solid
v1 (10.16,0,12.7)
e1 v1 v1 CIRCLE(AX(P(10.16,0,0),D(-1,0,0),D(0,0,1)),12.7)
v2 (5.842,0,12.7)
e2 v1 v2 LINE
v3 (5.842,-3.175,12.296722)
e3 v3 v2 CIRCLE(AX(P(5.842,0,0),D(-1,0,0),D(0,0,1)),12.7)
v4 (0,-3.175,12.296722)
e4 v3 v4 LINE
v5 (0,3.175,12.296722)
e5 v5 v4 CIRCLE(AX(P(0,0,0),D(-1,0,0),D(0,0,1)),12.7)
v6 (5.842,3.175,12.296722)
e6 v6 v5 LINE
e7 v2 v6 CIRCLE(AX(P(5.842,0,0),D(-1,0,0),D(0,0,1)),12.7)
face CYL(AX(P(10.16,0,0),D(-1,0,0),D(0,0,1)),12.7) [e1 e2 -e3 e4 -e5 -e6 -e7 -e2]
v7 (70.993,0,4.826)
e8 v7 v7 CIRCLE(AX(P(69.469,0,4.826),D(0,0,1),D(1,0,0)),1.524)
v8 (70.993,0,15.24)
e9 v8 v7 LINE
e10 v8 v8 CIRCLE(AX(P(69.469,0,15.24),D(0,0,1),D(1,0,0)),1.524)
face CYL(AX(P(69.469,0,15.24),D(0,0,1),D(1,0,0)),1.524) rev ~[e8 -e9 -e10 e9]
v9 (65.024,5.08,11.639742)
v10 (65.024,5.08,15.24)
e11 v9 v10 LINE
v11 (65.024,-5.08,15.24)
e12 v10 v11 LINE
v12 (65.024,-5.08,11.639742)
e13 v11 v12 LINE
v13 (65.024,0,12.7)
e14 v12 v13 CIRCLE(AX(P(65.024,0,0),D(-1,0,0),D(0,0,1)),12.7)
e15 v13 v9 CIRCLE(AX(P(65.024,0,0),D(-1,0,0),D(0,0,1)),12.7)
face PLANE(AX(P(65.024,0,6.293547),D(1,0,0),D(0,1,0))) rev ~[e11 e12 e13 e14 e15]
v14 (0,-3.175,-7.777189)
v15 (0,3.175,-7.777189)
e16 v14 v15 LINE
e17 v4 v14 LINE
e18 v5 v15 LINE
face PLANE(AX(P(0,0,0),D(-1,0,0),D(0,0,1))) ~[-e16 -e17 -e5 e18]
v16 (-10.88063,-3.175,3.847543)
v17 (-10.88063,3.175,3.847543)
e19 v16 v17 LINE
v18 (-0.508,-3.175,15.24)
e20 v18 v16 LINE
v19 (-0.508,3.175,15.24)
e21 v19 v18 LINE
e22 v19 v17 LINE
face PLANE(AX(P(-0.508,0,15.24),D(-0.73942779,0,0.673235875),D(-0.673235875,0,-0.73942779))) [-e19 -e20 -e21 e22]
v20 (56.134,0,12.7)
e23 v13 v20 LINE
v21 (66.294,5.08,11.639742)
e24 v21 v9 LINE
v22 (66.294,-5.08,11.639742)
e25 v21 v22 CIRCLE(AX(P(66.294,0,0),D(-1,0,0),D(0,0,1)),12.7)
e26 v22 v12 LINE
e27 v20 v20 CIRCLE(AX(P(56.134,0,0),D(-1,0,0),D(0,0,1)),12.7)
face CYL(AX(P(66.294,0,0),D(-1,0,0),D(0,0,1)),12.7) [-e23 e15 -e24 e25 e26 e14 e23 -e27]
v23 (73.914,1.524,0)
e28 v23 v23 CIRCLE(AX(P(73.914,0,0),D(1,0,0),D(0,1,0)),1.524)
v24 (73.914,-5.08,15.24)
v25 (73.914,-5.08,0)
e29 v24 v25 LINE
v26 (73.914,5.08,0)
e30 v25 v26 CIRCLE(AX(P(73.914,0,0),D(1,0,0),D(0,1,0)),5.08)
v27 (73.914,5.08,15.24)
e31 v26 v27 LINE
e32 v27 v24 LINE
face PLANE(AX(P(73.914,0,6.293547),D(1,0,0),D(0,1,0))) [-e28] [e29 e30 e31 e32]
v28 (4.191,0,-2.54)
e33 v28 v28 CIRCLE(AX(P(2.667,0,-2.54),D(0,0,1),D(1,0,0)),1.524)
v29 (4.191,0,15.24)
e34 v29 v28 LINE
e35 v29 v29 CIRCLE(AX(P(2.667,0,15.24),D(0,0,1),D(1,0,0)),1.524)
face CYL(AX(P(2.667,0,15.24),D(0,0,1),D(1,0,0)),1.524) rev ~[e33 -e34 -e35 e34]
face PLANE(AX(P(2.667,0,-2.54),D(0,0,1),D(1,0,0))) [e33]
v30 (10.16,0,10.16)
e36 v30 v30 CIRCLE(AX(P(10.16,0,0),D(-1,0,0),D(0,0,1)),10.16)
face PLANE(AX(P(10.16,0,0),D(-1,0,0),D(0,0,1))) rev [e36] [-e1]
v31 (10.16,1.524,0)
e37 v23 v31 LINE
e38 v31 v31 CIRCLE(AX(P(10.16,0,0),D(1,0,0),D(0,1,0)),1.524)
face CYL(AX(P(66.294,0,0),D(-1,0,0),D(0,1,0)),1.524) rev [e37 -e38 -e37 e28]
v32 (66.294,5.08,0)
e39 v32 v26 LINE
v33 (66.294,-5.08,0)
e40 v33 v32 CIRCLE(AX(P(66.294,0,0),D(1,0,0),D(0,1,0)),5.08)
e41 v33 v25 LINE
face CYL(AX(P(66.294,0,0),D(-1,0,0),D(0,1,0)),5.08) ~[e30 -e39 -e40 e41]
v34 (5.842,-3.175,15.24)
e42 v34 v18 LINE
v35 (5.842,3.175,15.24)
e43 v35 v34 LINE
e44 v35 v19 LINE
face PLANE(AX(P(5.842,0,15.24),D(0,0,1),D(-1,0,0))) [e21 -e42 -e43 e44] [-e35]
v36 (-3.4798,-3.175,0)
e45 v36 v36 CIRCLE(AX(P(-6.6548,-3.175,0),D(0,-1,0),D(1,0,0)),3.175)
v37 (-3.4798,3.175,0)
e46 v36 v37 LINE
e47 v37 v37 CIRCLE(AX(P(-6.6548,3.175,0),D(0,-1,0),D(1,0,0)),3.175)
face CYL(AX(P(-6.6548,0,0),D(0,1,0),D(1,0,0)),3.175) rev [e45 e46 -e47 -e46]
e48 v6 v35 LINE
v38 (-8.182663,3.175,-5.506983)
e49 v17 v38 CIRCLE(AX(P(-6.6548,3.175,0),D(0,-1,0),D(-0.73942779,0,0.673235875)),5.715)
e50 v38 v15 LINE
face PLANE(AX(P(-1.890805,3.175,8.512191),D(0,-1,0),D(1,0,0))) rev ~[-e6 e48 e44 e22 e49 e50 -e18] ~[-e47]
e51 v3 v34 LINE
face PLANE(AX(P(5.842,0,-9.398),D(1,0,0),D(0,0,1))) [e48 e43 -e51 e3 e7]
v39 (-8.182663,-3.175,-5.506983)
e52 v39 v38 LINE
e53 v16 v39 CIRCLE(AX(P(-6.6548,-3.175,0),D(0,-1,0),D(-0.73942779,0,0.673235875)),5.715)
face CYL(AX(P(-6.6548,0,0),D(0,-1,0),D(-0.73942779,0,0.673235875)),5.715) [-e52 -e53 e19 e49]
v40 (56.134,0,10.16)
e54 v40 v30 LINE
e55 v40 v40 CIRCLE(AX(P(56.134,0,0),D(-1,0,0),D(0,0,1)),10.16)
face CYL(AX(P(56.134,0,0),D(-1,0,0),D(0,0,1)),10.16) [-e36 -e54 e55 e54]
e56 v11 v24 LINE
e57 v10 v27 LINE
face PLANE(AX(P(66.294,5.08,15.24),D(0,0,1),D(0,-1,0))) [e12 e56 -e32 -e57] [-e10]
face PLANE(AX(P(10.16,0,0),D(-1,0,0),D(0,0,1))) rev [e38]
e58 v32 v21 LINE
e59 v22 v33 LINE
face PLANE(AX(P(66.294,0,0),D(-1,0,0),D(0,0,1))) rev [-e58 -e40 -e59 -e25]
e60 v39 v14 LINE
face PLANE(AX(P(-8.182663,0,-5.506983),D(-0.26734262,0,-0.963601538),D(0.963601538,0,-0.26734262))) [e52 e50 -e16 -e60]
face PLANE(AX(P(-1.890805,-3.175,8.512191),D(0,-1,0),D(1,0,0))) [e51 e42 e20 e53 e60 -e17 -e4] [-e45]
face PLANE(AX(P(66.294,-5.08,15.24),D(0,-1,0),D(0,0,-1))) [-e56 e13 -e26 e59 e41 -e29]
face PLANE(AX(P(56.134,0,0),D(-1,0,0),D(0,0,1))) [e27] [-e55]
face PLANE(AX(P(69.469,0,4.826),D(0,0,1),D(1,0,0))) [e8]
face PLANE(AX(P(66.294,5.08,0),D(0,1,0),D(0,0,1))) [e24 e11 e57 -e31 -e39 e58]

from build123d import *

# Parameters (mm, degrees)
F0_W          = 5.842
F0_H          = 12.7
F0_R          = 3.175
F2_DEPTH      = 3.175
F3_R          = 1.524
F4_DEPTH      = 7.62
F4_DEPTH_BACK = 1.27
F5_DEPTH      = 56.134
F6_R          = 1.524
F7_DEPTH      = 17.78
F8_R          = 1.524
F9_DEPTH      = 10.414


with BuildPart() as f1:
    # F0 (on Front) → F1 (revolve)
    with BuildSketch(Plane.XZ):
        with Locations((2.921, 6.35)):
            Rectangle(F0_W, F0_H)
        Polygon((5.842, 12.7), (5.842, 0), (66.294, 0), (66.294, 12.7), (56.134, 12.7), (56.134, 10.16), (10.16, 10.16), (10.16, 12.7), align=None)
    revolve(axis=Axis((-3.3274, 0, 0), (-1, 0, 0)))

    # F0 (on Front) → F2 (join, symmetric)
    with BuildSketch(Plane.XZ):
        with BuildLine():
            Line((-0.9398, 0), (0, 0))
            Line((0, 0), (0, 12.7))
            Line((0, 12.7), (5.842, 12.7))
            Line((5.842, 12.7), (5.842, 15.24))
            Line((5.842, 15.24), (-0.508, 15.24))
            Line((-0.508, 15.24), (-10.8806298187, 3.8475430269))
            ThreePointArc((-10.8806298187, 3.8475430269), (-4.5919612295, 5.3297205562), (-0.9398, 0))
        make_face()
        with BuildLine():
            Line((5.842, 0), (0, 0))
            Line((0, 0), (-0.9398, 0))
            ThreePointArc((-0.9398, 0), (-3.1957909266, -4.5493385486), (-8.1826630726, -5.5069827884))
            Line((-8.1826630726, -5.5069827884), (5.842, -9.398))
            Line((5.842, -9.398), (5.842, 0))
        make_face()
        with BuildLine():
            ThreePointArc((-8.1826630726, -5.5069827884), (-3.1957909266, -4.5493385486), (-0.9398, 0))
            ThreePointArc((-0.9398, 0), (-4.5919612295, 5.3297205562), (-10.8806298187, 3.8475430269))
            ThreePointArc((-10.8806298187, 3.8475430269), (-12.1459778134, -1.5837270034), (-8.1826630726, -5.5069827884))
        make_face()
        with Locations((-6.6548, 0)):
            Circle(F0_R, mode=Mode.SUBTRACT)
        with Locations((2.921, 6.35)):
            Rectangle(F0_W, F0_H)
    extrude(amount=F2_DEPTH, both=True)

    # F3 (on face) → F4 (join, two sides)
    with BuildSketch(Plane.YZ.offset(66.294)) as f4_sk:
        with BuildLine():
            ThreePointArc((-5.08, 0), (0, 5.08), (5.08, 0))
            Line((5.08, 0), (5.08, 11.6397422652))
            ThreePointArc((5.08, 11.6397422652), (0, 12.7), (-5.08, 11.6397422652))
            Line((-5.08, 11.6397422652), (-5.08, 0))
        make_face()
        with BuildLine():
            ThreePointArc((-5.08, 11.6397422652), (0, 12.7), (5.08, 11.6397422652))
            Line((5.08, 11.6397422652), (5.08, 15.24))
            Line((5.08, 15.24), (-5.08, 15.24))
            Line((-5.08, 15.24), (-5.08, 11.6397422652))
        make_face()
        with BuildLine():
            ThreePointArc((-5.08, 0), (0, -5.08), (5.08, 0))
            ThreePointArc((5.08, 0), (0, 5.08), (-5.08, 0))
        make_face()
        Circle(F3_R, mode=Mode.SUBTRACT)
    extrude(amount=F4_DEPTH)
    extrude(f4_sk.sketch, amount=-F4_DEPTH_BACK)

    # F5 (cut, through all): a face of the model
    f5_faces = [f1.faces().sort_by_distance(p)[0] for p in [
        (66.294, 0, 0),
    ]]
    extrude(f5_faces, amount=-F5_DEPTH, mode=Mode.SUBTRACT)

    # F6 (on face) → F7 (cut)
    with BuildSketch(Plane.XY.offset(15.24)):
        with Locations((2.667, 0)):
            Circle(F6_R)
    extrude(amount=-F7_DEPTH, mode=Mode.SUBTRACT)

    # F8 (on face) → F9 (cut)
    with BuildSketch(Plane.XY.offset(15.24)):
        with Locations((69.469, 0)):
            Circle(F8_R)
    extrude(amount=-F9_DEPTH, mode=Mode.SUBTRACT)


solid = f1.part
